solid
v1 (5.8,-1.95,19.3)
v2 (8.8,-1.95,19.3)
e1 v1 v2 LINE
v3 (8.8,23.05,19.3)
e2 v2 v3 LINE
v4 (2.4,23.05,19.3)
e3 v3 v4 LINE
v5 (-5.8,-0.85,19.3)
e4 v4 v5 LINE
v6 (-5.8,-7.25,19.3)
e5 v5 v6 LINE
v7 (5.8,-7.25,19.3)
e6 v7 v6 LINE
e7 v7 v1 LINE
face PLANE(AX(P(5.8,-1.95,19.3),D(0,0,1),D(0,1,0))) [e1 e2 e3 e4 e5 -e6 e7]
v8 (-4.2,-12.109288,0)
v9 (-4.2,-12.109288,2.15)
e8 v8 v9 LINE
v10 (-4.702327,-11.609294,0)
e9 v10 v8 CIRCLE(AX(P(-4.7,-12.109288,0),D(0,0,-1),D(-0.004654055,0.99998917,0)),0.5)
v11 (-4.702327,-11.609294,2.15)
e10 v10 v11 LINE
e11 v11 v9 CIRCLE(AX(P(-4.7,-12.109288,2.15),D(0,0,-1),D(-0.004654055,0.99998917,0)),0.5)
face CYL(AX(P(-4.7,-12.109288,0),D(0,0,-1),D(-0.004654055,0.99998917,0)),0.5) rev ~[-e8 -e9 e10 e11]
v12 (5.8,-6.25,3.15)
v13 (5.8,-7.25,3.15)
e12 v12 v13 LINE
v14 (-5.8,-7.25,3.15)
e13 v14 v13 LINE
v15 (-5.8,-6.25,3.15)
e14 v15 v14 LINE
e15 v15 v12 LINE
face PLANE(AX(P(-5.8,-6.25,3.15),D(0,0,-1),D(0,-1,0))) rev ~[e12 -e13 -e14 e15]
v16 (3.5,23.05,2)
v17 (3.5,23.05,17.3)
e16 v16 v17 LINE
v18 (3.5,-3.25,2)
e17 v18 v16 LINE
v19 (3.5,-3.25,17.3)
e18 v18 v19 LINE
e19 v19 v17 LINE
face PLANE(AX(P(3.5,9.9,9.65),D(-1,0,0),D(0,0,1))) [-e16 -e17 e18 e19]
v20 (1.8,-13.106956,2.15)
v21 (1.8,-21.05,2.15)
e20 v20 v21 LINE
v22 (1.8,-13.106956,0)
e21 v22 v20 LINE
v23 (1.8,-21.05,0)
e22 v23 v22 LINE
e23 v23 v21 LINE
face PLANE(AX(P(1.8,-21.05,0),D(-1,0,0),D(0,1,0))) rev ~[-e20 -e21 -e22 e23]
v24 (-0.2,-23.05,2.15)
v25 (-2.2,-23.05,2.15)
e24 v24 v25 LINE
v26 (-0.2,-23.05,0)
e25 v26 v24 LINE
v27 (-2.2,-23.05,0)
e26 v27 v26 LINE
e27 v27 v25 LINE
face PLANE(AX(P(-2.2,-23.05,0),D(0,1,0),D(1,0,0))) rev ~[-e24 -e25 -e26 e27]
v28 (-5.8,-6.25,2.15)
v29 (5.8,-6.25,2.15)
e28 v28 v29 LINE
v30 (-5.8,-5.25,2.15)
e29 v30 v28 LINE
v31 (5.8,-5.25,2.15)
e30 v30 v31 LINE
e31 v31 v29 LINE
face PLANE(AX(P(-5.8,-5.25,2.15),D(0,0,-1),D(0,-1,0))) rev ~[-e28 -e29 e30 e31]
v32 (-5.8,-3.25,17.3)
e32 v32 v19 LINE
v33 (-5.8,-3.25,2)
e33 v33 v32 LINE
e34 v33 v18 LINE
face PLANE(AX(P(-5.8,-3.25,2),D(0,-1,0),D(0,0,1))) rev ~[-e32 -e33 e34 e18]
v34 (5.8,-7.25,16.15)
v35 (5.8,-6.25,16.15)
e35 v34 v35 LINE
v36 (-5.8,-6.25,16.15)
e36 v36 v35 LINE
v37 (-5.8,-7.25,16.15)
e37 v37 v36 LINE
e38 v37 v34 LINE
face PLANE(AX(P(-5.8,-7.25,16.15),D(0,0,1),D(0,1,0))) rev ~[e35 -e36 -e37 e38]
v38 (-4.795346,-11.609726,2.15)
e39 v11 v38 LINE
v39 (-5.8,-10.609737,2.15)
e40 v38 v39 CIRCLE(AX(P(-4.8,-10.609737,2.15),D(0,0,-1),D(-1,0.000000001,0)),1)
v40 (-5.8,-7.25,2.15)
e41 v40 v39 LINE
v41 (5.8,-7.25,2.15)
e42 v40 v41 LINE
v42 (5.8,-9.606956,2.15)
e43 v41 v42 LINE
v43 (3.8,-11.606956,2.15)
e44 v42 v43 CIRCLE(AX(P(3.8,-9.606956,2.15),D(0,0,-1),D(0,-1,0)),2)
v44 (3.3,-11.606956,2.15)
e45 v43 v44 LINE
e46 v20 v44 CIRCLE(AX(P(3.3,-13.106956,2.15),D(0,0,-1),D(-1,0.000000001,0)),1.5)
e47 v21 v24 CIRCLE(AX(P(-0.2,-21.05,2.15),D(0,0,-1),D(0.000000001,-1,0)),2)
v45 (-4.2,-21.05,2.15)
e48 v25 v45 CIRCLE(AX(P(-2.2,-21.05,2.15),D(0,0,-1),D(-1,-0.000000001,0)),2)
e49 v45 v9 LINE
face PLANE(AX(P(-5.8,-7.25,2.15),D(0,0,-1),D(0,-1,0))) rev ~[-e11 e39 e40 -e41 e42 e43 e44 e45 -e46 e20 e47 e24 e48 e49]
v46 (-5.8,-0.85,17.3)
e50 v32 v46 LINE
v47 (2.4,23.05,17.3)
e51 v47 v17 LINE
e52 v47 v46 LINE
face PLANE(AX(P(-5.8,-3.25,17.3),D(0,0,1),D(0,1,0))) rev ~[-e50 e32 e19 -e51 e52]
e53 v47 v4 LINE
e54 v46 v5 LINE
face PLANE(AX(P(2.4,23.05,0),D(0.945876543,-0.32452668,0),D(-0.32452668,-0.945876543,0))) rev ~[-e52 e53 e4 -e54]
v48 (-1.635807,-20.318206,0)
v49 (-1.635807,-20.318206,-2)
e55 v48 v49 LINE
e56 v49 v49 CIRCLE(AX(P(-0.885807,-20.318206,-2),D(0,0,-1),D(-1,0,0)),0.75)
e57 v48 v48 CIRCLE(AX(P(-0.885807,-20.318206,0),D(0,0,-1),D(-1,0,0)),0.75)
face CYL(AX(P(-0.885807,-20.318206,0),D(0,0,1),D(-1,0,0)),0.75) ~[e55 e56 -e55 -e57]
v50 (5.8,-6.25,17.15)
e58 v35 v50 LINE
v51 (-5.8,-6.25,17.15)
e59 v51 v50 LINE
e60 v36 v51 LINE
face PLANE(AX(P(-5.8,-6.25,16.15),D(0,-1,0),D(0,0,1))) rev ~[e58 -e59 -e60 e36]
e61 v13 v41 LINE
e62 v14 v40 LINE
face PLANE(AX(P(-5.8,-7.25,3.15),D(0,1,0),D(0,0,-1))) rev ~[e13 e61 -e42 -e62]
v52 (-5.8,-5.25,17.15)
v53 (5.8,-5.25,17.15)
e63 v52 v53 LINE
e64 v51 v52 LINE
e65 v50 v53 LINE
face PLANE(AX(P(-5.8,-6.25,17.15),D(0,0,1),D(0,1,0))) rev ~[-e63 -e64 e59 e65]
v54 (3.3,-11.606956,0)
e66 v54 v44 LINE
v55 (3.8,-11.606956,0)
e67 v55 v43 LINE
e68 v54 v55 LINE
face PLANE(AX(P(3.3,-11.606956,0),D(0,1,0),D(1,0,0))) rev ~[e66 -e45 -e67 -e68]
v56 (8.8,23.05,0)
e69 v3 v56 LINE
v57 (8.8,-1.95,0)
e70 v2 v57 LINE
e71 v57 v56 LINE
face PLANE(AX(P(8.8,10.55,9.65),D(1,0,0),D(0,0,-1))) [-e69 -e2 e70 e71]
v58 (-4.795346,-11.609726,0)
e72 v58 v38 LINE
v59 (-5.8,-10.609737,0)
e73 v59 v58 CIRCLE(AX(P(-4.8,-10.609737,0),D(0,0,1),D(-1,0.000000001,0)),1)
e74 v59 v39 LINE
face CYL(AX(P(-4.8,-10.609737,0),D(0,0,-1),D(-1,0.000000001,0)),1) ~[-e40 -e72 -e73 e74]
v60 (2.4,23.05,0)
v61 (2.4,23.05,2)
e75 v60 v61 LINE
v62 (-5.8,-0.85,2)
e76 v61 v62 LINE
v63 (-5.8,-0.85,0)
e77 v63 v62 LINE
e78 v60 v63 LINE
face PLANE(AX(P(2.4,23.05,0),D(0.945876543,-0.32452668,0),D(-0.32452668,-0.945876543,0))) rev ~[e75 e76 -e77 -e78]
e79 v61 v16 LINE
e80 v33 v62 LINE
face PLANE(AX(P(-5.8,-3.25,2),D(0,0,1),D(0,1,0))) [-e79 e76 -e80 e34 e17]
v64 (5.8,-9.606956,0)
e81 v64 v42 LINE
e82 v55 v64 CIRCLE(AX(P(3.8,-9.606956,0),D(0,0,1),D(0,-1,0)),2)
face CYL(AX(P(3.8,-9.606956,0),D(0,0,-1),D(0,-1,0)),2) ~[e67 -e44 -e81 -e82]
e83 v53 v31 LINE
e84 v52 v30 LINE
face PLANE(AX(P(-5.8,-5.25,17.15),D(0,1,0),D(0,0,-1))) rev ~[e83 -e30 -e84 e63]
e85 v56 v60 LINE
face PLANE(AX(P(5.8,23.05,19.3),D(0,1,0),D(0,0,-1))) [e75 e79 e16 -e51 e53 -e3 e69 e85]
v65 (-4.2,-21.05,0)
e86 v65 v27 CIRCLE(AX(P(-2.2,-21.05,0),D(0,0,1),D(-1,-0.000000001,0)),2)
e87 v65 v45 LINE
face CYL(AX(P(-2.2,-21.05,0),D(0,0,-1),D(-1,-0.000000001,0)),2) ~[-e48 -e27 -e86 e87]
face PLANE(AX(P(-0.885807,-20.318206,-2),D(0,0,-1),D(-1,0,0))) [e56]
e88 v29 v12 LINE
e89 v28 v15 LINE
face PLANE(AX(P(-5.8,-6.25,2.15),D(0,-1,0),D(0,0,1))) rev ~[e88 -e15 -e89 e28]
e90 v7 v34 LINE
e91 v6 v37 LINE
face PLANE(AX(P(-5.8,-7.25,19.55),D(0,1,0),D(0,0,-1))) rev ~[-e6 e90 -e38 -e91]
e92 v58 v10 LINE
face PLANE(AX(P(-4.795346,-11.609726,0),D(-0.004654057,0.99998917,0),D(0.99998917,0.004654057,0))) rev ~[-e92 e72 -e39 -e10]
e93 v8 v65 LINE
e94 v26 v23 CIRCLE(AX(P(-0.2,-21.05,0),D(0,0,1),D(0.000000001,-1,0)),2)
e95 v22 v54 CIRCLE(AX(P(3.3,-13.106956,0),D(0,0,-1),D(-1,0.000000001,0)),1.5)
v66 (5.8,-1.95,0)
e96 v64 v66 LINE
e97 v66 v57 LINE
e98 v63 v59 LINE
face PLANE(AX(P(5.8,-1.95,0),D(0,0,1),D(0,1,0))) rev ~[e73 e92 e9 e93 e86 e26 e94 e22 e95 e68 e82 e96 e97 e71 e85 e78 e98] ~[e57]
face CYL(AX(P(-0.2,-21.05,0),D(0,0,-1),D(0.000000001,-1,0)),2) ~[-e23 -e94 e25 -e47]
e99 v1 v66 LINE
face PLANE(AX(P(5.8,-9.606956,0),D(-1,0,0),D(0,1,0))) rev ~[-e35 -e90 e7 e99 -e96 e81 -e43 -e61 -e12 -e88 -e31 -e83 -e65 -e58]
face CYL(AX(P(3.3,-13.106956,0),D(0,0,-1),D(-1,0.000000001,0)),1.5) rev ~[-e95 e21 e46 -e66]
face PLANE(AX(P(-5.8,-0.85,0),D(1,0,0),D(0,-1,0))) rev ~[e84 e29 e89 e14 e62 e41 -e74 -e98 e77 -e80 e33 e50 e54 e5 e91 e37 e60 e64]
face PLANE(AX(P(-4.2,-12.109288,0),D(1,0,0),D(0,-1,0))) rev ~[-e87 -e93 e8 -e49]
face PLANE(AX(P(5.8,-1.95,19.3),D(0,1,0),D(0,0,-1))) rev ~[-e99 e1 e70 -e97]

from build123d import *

# Parameters (mm, degrees)
SALIENTE_EXTRUIR1_DEPTH = 19.3
CROQUIS2_W              = 15.3
CROQUIS2_H              = 26.3
CORTAR_EXTRUIR1_DEPTH   = 9.3
CORTAR_EXTRUIR2_DEPTH   = 12
CROQUIS5_R              = 0.75
SALIENTE_EXTRUIR2_DEPTH = 2
CROQUIS6_W              = 19.3
CROQUIS6_H              = 25
SALIENTE_EXTRUIR3_DEPTH = 3


with BuildPart() as part:
    # Croquis1 → Saliente-Extruir1 (new body)
    with BuildSketch(Plane.XY):
        with BuildLine():
            Line((5.8, 23.05), (2.4, 23.05))
            Line((2.4, 23.05), (-5.8, -0.85))
            Line((-5.8, -0.85), (-5.8, -10.609737321))
            ThreePointArc((-5.8, -10.609737321), (-5.505459406, -11.318487649), (-4.795345946, -11.609726491))
            Line((-4.795345946, -11.609726491), (-4.702327027, -11.609293571))
            ThreePointArc((-4.702327027, -11.609293571), (-4.347270297, -11.754912992), (-4.2, -12.109288156))
            Line((-4.2, -12.109288156), (-4.2, -21.05))
            ThreePointArc((-4.2, -21.05), (-3.614213562, -22.464213562), (-2.2, -23.05))
            Line((-2.2, -23.05), (-0.2, -23.05))
            ThreePointArc((-0.2, -23.05), (1.214213562, -22.464213562), (1.8, -21.05))
            Line((1.8, -21.05), (1.8, -13.106955688))
            ThreePointArc((1.8, -13.106955688), (2.239339828, -12.046295517), (3.3, -11.606955688))
            Line((3.3, -11.606955688), (3.8, -11.606955688))
            ThreePointArc((3.8, -11.606955688), (5.214213562, -11.021169251), (5.8, -9.606955688))
            Line((5.8, -9.606955688), (5.8, 23.05))
        make_face()
    extrude(amount=SALIENTE_EXTRUIR1_DEPTH)

    # Croquis2 → Cortar-Extruir1 (cut)
    with BuildSketch(Plane.ZY.offset(5.8)):
        with Locations((9.65, 9.9)):
            Rectangle(CROQUIS2_W, CROQUIS2_H)
    extrude(amount=-CORTAR_EXTRUIR1_DEPTH, mode=Mode.SUBTRACT)

    # Croquis4 → Cortar-Extruir2 (cut)
    with BuildSketch(Plane.ZY.offset(5.8)):
        Polygon((2.15, -5.25), (2.15, -6.25), (3.15, -6.25), (3.15, -7.25), (2.15, -7.25), (2.15, -23.25), (19.55, -23.25), (19.55, -7.25), (16.15, -7.25), (16.15, -6.25), (17.15, -6.25), (17.15, -5.25), align=None)
    extrude(amount=-CORTAR_EXTRUIR2_DEPTH, mode=Mode.SUBTRACT)

    # Croquis5 → Saliente-Extruir2 (add)
    with BuildSketch(Plane(origin=(0, 0, 0), x_dir=(-1, 0, 0), z_dir=(0, 0, -1))):
        with Locations((0.885806677, -20.318206006)):
            Circle(CROQUIS5_R)
    extrude(amount=SALIENTE_EXTRUIR2_DEPTH)

    # Croquis6 → Saliente-Extruir3 (add)
    with BuildSketch(Plane(origin=(5.8, 0, 0), x_dir=(0, 0, -1), z_dir=(1, 0, 0))):
        with Locations((-9.65, 10.55)):
            Rectangle(CROQUIS6_W, CROQUIS6_H)
    extrude(amount=SALIENTE_EXTRUIR3_DEPTH)


solid = part.part
